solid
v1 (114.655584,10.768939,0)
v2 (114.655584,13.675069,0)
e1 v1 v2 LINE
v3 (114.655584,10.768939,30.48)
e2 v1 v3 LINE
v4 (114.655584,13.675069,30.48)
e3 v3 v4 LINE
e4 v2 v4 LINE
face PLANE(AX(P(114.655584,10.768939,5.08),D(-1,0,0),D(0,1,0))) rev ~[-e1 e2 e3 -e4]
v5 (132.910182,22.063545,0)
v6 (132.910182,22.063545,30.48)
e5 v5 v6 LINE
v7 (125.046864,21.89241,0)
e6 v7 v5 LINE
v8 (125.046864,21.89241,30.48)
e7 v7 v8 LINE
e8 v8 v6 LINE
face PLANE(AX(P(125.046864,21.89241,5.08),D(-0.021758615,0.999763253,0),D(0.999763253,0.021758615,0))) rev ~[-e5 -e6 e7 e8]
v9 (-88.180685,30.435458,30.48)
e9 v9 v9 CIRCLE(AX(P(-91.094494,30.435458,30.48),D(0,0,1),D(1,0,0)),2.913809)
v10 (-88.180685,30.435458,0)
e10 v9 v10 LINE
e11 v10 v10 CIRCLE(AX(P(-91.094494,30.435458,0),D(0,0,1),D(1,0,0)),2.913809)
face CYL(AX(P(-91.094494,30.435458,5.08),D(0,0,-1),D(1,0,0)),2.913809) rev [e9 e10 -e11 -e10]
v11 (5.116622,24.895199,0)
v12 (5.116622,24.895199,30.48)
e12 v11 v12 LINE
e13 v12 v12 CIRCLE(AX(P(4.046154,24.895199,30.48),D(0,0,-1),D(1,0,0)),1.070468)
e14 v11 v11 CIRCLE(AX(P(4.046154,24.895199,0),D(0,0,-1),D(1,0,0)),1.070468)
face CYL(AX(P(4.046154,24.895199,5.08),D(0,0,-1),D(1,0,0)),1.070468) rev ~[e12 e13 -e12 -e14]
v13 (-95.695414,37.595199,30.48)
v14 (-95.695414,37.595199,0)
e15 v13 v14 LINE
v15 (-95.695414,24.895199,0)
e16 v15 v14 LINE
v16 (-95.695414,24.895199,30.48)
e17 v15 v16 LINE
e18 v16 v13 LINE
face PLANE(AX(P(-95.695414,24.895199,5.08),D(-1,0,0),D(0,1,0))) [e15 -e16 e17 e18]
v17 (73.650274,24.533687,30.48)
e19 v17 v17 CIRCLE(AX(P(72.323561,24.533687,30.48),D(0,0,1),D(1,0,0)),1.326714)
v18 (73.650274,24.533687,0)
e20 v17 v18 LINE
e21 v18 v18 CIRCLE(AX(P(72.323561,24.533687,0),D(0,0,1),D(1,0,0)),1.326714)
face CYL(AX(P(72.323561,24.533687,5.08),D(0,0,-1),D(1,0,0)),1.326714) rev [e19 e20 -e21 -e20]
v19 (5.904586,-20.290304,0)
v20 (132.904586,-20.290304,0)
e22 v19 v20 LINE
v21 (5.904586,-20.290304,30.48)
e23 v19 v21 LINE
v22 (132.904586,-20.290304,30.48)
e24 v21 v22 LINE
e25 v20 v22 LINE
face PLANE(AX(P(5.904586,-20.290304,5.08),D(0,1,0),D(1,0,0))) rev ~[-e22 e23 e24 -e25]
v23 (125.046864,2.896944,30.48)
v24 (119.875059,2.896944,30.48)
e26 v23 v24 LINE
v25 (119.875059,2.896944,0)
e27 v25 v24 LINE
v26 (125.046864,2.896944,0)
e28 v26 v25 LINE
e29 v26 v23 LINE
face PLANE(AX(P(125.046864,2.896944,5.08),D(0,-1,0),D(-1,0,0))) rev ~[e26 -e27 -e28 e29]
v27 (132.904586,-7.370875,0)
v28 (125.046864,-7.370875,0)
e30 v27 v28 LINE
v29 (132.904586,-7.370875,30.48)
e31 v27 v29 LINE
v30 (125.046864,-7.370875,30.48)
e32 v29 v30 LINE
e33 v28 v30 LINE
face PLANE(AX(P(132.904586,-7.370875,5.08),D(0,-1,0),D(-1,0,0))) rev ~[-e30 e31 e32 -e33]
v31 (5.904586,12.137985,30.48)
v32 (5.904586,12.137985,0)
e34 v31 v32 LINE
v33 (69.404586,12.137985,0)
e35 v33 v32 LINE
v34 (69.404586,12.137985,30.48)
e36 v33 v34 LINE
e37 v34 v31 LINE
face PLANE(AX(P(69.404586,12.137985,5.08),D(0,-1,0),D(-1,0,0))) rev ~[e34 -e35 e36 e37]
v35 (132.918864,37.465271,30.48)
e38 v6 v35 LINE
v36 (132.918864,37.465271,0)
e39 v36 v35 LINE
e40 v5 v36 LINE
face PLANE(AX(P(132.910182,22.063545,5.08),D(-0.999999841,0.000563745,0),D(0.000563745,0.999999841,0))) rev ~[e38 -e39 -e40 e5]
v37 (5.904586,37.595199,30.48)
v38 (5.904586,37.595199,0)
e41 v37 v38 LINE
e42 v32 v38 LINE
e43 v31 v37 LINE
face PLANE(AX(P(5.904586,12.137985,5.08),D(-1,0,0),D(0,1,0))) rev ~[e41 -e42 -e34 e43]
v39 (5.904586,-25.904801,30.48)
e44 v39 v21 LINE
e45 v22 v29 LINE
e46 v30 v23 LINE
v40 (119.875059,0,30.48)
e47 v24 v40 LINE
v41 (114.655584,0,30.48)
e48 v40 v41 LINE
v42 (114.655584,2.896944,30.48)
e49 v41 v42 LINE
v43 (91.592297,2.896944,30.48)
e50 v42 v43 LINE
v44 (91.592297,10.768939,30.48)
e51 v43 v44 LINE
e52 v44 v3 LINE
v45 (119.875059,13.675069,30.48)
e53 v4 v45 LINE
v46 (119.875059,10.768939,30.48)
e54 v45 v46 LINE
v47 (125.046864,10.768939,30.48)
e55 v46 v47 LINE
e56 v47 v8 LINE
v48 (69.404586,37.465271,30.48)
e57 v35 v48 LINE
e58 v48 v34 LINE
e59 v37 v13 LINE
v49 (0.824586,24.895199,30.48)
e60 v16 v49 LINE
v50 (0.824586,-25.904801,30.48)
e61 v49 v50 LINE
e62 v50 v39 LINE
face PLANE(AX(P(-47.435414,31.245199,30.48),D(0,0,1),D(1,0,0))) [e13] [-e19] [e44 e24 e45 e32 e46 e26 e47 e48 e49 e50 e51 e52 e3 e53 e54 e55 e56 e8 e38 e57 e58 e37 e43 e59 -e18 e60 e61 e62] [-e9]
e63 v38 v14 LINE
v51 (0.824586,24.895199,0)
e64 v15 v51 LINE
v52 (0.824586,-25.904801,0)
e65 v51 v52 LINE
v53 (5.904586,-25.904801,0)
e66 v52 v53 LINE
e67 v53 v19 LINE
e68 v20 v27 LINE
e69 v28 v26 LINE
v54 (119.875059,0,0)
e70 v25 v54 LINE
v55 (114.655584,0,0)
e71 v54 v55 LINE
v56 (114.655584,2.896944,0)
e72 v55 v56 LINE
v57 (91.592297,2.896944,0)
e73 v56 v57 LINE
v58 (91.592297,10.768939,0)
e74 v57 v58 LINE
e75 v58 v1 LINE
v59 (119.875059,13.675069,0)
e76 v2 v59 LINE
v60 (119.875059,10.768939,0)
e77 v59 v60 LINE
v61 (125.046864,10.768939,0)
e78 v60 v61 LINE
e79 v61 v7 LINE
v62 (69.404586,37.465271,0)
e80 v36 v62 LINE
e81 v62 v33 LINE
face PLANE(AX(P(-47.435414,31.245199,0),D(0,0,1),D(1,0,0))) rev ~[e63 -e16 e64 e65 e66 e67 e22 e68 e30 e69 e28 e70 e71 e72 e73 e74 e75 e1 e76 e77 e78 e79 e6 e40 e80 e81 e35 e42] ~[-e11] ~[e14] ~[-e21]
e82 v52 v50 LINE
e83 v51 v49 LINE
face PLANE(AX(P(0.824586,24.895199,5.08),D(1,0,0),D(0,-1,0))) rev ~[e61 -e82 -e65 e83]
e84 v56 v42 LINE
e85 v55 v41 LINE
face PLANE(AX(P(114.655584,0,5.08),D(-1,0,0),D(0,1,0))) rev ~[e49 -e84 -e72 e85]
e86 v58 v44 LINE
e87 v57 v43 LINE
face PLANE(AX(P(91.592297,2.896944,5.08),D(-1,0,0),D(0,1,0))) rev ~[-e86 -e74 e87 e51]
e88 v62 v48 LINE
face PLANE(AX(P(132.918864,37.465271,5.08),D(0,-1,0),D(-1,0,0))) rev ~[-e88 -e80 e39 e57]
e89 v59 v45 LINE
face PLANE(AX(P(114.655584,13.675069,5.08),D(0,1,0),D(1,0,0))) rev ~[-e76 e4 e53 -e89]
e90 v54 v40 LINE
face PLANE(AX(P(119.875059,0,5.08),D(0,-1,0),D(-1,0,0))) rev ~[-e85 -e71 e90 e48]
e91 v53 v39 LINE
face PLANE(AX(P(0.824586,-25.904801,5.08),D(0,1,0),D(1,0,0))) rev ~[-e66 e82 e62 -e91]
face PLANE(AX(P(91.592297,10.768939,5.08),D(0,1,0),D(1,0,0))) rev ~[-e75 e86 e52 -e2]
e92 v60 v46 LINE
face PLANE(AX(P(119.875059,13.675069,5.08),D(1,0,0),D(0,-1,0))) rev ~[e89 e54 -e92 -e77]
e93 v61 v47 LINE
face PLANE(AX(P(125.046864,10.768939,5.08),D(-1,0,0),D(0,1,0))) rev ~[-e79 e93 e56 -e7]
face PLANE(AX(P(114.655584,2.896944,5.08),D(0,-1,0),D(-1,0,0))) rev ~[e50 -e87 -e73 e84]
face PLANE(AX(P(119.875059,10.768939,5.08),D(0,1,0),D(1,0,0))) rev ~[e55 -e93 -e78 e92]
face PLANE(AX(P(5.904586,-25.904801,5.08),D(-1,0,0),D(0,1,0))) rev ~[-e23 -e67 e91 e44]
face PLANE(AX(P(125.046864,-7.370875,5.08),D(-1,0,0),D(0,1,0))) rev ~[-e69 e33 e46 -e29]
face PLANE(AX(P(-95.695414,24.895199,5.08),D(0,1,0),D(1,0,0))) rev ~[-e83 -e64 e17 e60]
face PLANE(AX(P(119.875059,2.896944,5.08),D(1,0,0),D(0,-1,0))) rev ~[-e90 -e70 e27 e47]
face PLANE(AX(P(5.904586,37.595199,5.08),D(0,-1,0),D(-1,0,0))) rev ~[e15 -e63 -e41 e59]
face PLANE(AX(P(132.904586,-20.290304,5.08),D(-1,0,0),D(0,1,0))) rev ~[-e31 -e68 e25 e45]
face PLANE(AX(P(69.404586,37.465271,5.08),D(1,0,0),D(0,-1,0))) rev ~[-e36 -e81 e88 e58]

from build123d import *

# Parameters (mm, degrees)
F0_W     = 96.52
F0_H     = 12.7
F0_R     = 2.9138087253
F0_R_2   = 1.326713747
F0_W_2   = 5.1718056202
F0_H_2   = 1.3690460473
F1_DEPTH = 5.08
F2_DEPTH = 25.4


with BuildPart() as f1:
    # F0 (on Top) → F1 (new body)
    with BuildSketch(Plane.XY):
        with Locations((-47.4354136491, 31.2451986432)):
            Rectangle(F0_W, F0_H)
        with Locations((-91.094493866, 30.4354578257)):
            Circle(F0_R, mode=Mode.SUBTRACT)
        with BuildLine():
            Line((5.9045863509, 37.5951986432), (0.8245863509, 37.5951986432))
            Line((0.8245863509, 37.5951986432), (0.8245863509, 24.8951986432))
            Line((0.8245863509, 24.8951986432), (2.9756855002, 24.8951986432))
            ThreePointArc((2.9756855002, 24.8951986432), (4.0461537428, 25.9656668859), (5.1166219855, 24.8951986432))
            Line((5.1166219855, 24.8951986432), (5.9045863509, 24.8951986432))
            Line((5.9045863509, 24.8951986432), (5.9045863509, 37.5951986432))
        make_face()
        with BuildLine():
            Line((2.9756855002, 24.8951986432), (0.8245863509, 24.8951986432))
            Line((0.8245863509, 24.8951986432), (0.8245863509, -25.9048013568))
            Line((0.8245863509, -25.9048013568), (5.9045863509, -25.9048013568))
            Line((5.9045863509, -25.9048013568), (5.9045863509, -20.2903039753))
            Line((5.9045863509, -20.2903039753), (5.9045863509, 12.137984857))
            Line((5.9045863509, 12.137984857), (5.9045863509, 24.8951986432))
            Line((5.9045863509, 24.8951986432), (5.1166219855, 24.8951986432))
            ThreePointArc((5.1166219855, 24.8951986432), (4.0461537428, 23.8247304006), (2.9756855002, 24.8951986432))
        make_face()
        Polygon((69.4045863509, 12.137984857), (5.9045863509, 12.137984857), (5.9045863509, -20.2903039753), (132.9045863509, -20.2903039753), (132.9045863509, -7.370875217), (125.046864152, -7.370875217), (125.046864152, 2.8969440609), (119.8750585318, 2.8969440609), (119.8750585318, 0), (114.6555840969, 0), (114.6555840969, 2.8969440609), (91.592296958, 2.8969440609), (91.592296958, 10.7689388096), (114.6555840969, 10.7689388096), (114.6555840969, 12.137984857), align=None)
        Polygon((69.4045863509, 37.4652706087), (69.4045863509, 12.137984857), (114.6555840969, 12.137984857), (114.6555840969, 13.6750694364), (119.8750585318, 13.6750694364), (119.8750585318, 12.137984857), (125.046864152, 12.137984857), (125.046864152, 21.8924097717), (132.9101818387, 22.0635451896), (132.9188644886, 37.4652706087), align=None)
        with Locations((72.3235607147, 24.5336871594)):
            Circle(F0_R_2, mode=Mode.SUBTRACT)
        with Locations((122.4609613419, 11.4534618333)):
            Rectangle(F0_W_2, F0_H_2)
    extrude(amount=F1_DEPTH)

    # F2 (add): a face of the model
    f2_faces = [f1.faces().sort_by_distance(p)[0] for p in [
        (49.3916021575, 8.7210816902, 5.08),
    ]]
    extrude(f2_faces, amount=F2_DEPTH)


solid = f1.part
